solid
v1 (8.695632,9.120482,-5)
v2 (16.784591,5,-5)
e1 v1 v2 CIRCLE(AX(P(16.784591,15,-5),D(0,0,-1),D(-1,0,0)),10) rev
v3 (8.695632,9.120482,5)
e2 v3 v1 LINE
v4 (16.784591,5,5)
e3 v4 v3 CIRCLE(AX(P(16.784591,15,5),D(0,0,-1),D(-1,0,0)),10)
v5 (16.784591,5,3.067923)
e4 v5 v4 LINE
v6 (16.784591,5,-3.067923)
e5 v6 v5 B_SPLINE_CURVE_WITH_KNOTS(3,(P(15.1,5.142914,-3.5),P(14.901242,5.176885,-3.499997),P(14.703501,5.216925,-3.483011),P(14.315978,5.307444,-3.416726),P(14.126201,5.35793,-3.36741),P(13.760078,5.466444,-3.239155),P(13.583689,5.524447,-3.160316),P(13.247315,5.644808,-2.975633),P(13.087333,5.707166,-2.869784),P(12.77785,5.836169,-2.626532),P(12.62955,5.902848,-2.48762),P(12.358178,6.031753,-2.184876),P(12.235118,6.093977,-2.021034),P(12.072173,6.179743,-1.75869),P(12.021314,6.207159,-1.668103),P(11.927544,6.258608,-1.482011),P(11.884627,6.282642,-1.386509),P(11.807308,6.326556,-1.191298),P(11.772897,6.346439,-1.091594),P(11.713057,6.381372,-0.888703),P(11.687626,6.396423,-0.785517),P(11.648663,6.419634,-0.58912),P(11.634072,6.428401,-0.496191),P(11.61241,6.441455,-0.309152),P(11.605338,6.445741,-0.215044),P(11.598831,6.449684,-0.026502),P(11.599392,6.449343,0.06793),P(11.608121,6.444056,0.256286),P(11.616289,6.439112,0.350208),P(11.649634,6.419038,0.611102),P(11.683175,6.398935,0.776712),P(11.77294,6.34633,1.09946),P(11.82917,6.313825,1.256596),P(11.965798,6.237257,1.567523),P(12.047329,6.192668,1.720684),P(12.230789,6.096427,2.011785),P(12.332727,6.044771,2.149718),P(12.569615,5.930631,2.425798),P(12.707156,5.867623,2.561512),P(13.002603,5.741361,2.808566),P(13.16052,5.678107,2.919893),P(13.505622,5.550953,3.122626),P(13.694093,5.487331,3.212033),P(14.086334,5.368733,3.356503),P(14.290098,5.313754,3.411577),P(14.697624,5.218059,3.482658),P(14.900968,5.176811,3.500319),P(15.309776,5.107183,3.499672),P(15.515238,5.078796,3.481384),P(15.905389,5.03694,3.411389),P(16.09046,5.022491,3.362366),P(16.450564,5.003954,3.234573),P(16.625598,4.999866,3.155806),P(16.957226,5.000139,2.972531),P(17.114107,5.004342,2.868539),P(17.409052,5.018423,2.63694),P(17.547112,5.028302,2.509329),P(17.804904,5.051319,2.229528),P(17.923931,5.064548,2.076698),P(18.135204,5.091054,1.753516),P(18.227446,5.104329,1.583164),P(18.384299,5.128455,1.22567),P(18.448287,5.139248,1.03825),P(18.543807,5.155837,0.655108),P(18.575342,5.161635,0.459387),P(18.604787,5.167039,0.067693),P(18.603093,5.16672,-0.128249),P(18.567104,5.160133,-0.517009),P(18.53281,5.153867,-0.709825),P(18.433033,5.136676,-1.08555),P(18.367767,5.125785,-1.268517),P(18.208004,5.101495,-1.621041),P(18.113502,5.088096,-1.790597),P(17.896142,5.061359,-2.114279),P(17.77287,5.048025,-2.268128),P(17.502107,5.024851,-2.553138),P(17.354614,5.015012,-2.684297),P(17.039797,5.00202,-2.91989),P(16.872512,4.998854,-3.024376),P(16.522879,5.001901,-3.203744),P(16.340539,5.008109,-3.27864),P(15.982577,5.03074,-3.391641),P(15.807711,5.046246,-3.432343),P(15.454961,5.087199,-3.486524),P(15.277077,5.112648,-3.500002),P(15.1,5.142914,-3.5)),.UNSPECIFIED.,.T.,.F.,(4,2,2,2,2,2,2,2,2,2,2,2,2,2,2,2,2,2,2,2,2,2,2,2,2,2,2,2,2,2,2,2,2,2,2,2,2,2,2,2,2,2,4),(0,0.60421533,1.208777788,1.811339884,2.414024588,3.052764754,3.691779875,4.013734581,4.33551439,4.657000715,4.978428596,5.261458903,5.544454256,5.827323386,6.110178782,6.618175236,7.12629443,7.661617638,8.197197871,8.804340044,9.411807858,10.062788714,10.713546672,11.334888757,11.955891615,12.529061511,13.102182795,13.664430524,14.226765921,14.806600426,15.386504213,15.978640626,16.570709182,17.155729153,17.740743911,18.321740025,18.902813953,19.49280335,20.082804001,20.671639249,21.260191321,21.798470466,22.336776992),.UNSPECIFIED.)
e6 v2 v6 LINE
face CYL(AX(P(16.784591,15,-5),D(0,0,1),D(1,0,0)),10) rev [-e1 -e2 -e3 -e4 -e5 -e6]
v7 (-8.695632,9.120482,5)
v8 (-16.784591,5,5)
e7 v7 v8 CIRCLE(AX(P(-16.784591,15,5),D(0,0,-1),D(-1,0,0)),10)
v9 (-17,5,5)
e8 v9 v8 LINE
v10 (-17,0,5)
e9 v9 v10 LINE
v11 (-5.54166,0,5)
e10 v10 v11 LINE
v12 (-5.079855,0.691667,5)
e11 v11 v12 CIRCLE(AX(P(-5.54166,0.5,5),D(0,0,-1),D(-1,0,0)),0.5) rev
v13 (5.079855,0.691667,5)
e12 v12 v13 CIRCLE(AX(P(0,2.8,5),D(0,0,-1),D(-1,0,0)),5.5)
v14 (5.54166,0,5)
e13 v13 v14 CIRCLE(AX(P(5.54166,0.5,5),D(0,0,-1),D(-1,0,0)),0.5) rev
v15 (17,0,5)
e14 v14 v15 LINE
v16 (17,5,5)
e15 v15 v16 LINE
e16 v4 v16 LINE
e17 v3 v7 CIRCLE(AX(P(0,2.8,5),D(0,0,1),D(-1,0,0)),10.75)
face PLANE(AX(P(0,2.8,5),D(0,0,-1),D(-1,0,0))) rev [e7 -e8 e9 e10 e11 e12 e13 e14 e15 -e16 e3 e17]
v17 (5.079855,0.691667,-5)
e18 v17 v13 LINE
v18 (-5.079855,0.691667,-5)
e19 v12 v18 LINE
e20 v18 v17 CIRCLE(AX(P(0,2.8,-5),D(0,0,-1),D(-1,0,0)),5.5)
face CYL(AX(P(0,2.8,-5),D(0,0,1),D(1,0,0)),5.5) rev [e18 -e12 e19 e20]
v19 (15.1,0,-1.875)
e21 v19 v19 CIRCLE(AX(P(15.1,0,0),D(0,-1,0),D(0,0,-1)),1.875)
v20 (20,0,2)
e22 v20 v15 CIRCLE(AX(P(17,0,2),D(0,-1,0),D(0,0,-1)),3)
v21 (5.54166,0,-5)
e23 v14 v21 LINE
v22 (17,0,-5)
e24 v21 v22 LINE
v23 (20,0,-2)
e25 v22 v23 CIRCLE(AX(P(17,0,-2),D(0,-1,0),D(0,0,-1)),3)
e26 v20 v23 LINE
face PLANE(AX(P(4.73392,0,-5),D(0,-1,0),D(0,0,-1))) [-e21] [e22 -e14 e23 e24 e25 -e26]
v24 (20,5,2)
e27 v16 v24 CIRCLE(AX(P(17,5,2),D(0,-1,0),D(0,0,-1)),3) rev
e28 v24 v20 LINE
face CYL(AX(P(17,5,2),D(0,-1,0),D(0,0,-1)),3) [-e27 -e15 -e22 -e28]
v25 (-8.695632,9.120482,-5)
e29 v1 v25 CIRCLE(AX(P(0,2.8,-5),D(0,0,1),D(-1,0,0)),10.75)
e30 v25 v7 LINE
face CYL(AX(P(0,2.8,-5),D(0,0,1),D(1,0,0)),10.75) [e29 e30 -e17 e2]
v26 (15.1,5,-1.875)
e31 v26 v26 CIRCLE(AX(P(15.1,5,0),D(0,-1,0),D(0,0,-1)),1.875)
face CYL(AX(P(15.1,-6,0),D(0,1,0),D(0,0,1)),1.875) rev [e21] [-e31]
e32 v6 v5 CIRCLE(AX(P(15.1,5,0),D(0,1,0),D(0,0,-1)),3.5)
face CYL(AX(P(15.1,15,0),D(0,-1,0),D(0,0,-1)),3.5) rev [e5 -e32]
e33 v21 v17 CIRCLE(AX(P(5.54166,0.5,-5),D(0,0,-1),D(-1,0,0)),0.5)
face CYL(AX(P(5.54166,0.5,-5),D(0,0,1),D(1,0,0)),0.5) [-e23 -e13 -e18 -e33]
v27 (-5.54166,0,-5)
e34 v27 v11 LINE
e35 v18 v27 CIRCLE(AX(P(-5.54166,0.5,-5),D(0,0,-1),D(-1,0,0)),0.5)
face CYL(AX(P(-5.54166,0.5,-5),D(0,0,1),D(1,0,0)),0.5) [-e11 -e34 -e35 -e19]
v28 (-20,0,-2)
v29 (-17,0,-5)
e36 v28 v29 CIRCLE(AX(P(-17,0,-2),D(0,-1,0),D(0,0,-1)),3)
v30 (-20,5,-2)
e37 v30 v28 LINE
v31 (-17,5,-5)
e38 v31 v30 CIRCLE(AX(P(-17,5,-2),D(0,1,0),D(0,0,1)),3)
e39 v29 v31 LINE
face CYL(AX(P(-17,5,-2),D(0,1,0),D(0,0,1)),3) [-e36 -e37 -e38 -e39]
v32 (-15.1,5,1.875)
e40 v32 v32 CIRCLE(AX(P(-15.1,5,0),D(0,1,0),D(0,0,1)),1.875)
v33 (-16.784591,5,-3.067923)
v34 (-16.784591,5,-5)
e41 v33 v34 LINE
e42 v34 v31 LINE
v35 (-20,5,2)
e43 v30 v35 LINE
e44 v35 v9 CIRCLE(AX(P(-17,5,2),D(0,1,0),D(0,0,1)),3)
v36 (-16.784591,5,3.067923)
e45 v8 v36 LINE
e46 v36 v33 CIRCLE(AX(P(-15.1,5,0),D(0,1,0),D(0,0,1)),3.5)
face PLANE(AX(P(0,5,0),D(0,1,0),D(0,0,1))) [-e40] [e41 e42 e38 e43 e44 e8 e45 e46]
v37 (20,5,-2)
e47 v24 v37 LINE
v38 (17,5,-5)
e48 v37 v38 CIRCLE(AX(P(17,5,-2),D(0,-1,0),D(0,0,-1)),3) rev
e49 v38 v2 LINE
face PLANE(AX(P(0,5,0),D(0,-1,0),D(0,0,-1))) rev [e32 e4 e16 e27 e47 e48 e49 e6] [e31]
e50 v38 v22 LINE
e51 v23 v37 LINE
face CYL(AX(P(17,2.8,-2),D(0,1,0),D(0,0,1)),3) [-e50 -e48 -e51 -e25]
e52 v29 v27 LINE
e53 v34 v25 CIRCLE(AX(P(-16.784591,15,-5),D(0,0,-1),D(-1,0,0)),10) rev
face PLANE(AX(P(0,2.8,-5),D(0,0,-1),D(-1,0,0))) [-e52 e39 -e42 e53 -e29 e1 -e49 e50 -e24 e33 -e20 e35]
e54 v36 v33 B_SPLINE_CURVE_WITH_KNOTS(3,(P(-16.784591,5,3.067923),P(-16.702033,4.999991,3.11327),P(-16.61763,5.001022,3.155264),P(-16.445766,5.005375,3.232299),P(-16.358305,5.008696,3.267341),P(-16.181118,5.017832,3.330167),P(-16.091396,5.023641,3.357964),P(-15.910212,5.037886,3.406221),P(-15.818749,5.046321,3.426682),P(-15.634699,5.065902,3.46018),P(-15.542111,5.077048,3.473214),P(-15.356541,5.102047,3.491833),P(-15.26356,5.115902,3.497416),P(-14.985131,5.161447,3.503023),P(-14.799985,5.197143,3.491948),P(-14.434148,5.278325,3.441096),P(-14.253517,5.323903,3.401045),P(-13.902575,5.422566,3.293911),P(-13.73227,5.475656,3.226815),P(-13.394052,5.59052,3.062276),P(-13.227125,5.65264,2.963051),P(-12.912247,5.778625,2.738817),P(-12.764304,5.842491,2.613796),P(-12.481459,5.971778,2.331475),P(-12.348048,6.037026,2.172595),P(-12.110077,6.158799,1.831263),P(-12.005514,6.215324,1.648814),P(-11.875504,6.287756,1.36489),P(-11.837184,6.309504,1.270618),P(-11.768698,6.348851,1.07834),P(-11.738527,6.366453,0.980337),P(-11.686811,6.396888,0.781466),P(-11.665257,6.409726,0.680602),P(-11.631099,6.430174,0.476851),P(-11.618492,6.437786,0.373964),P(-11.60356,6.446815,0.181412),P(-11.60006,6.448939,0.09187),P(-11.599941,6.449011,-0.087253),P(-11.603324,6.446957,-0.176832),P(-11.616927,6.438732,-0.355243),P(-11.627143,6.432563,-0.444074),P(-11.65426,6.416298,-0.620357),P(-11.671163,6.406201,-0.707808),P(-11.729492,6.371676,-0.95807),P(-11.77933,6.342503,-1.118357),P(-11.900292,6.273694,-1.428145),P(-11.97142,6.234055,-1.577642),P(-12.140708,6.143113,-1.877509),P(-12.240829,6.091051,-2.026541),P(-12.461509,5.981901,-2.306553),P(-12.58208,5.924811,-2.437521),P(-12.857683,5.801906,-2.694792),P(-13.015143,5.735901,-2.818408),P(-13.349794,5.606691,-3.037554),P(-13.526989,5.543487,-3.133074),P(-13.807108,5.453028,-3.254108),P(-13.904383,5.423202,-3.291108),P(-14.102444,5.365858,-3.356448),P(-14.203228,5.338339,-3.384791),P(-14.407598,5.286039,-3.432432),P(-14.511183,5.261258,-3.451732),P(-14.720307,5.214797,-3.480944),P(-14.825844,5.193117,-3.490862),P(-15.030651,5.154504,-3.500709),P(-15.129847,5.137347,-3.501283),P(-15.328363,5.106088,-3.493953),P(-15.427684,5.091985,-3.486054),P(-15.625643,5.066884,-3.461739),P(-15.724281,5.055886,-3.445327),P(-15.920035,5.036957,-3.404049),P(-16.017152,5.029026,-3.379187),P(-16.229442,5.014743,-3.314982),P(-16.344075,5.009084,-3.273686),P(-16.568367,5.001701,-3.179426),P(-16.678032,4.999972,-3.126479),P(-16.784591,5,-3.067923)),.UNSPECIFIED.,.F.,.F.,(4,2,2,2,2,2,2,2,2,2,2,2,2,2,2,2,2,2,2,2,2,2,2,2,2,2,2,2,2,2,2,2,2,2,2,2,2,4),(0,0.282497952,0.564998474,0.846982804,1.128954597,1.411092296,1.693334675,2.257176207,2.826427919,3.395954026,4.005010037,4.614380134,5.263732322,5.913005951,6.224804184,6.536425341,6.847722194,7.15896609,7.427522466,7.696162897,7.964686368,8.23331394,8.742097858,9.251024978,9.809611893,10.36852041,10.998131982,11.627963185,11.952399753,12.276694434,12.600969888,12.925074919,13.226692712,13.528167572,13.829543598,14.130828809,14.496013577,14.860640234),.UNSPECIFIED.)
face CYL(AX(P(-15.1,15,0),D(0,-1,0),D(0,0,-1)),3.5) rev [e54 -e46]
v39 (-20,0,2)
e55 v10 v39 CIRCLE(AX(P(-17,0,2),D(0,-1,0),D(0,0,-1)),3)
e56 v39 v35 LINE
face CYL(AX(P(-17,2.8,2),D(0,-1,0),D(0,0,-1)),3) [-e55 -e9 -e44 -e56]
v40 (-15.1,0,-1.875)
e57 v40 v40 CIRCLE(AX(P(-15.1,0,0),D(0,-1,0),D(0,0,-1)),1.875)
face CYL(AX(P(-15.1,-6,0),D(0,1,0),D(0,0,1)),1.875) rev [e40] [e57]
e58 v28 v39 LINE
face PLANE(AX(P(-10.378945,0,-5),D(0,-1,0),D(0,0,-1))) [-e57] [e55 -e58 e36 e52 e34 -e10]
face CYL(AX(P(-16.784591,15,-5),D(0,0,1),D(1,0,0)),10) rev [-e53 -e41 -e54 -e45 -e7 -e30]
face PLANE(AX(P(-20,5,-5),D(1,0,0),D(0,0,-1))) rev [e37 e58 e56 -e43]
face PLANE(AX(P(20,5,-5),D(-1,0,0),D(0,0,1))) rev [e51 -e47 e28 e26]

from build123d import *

# Parameters (mm, degrees)
BOSS_EXTRUDE1_START      = -1
SKETCH1_W                = 40
SKETCH1_H                = 10
BOSS_EXTRUDE1_DEPTH      = 5
BOSS_EXTRUDE2_DEPTH      = 5
BOSS_EXTRUDE2_DEPTH_BACK = 5
SKETCH3_W                = 10
SKETCH3_H                = 10
BOSS_EXTRUDE3_DEPTH      = 5
FILLET1_R                = 3
FILLET2_R                = 3
FILLET3_R                = 0.5
FILLET4_R                = 10
CUT_EXTRUDE1_DEPTH       = 25.669870287
CUT_EXTRUDE1_DEPTH_BACK  = 25.669870287
SKETCH4_R                = 1.875
CUT_EXTRUDE2_START       = 5
SKETCH5_R                = 3.5
CUT_EXTRUDE2_DEPTH       = 10
SKETCH7_W                = 51.703075982
SKETCH7_H                = 23.04476915
CUT_EXTRUDE4_DEPTH       = 25.669870308


with BuildPart() as part:
    # Sketch1 → Boss-Extrude1 (new body)
    with BuildSketch(Plane(origin=(0, 0, 0), x_dir=(1, 0, 0), z_dir=(0, 1, 0)).offset(BOSS_EXTRUDE1_START)):
        Rectangle(SKETCH1_W, SKETCH1_H)
    extrude(amount=-BOSS_EXTRUDE1_DEPTH)

    # Fillet2
    fillet2_edges = [part.edges().sort_by_distance(p)[0] for p in [
        (-20, -3.5, 5),
        (-20, -3.5, -5),
        (20, -3.5, 5),
        (20, -3.5, -5),
    ]]
    fillet(fillet2_edges, radius=FILLET2_R)


with BuildPart() as body_2:
    # Sketch2 → Boss-Extrude2 (new, two sides: drawn at the far end of the back side and taken through both)
    with BuildSketch(Plane.XY.offset(-BOSS_EXTRUDE2_DEPTH_BACK)):
        with BuildLine():
            Line((-10.378945033, 0), (-4.733920151, 0))
            ThreePointArc((-4.733920151, 0), (0, 8.3), (4.733920151, 0))
            Line((4.733920151, 0), (10.378945033, 0))
            ThreePointArc((10.378945033, 0), (0, 13.55), (-10.378945033, 0))
        make_face()
    extrude(amount=BOSS_EXTRUDE2_DEPTH + BOSS_EXTRUDE2_DEPTH_BACK)

    # Sketch3 → Boss-Extrude3 (add)
    with BuildSketch(Plane(origin=(0, 0, 0), x_dir=(1, 0, 0), z_dir=(0, 1, 0))):
        with Locations((-15, 0)):
            Rectangle(SKETCH3_W, SKETCH3_H)
        with Locations((15, 0)):
            Rectangle(SKETCH3_W, SKETCH3_H)
    extrude(amount=BOSS_EXTRUDE3_DEPTH)

    # Fillet1
    fillet1_edges = [body_2.edges().sort_by_distance(p)[0] for p in [
        (20, 2.5, -5),
        (20, 2.5, 5),
        (-20, 2.5, -5),
        (-20, 2.5, 5),
    ]]
    fillet(fillet1_edges, radius=FILLET1_R)

    # Fillet3
    fillet3_edges = [body_2.edges().sort_by_distance(p)[0] for p in [
        (-4.733920151, 0, 0),
        (4.733920151, 0, 0),
    ]]
    fillet(fillet3_edges, radius=FILLET3_R)

    # Fillet4
    fillet4_edges = [body_2.edges().sort_by_distance(p)[0] for p in [
        (10.522475944, 5, 0),
        (-10.522475944, 5, 0),
    ]]
    fillet(fillet4_edges, radius=FILLET4_R)


with BuildPart() as cut_extrude1_tool:
    # Sketch4 → Cut-Extrude1 (new, two sides: drawn at the far end of the back side and taken through both)
    with BuildSketch(Plane(origin=(0, 0, 0), x_dir=(1, 0, 0), z_dir=(0, 1, 0)).offset(-CUT_EXTRUDE1_DEPTH_BACK)):
        with Locations((-15.1, 0)):
            Circle(SKETCH4_R)
        with Locations((15.1, 0)):
            Circle(SKETCH4_R)
    extrude(amount=CUT_EXTRUDE1_DEPTH + CUT_EXTRUDE1_DEPTH_BACK)


with BuildPart() as part_1:
    add(part.part)

    # Cut-Extrude1: cut by cut_extrude1_tool
    add(cut_extrude1_tool.part, mode=Mode.SUBTRACT)

    # Sketch7 → Cut-Extrude4 (cut, through all)
    with BuildSketch(Plane(origin=(0, 0, 0), x_dir=(1, 0, 0), z_dir=(0, 1, 0))):
        with Locations((-1.693322056, -1.721439234)):
            Rectangle(SKETCH7_W, SKETCH7_H)
    extrude(amount=-CUT_EXTRUDE4_DEPTH, mode=Mode.SUBTRACT)


with BuildPart() as body_2_1:
    add(body_2.part)

    # Cut-Extrude1: cut by cut_extrude1_tool
    add(cut_extrude1_tool.part, mode=Mode.SUBTRACT)

    # Sketch5 → Cut-Extrude2 (cut)
    with BuildSketch(Plane(origin=(0, 0, 0), x_dir=(1, 0, 0), z_dir=(0, 1, 0)).offset(CUT_EXTRUDE2_START)):
        with Locations((-15.1, 0)):
            Circle(SKETCH5_R)
        with Locations((15.1, 0)):
            Circle(SKETCH5_R)
    extrude(amount=CUT_EXTRUDE2_DEPTH, mode=Mode.SUBTRACT)


solid = body_2_1.part
